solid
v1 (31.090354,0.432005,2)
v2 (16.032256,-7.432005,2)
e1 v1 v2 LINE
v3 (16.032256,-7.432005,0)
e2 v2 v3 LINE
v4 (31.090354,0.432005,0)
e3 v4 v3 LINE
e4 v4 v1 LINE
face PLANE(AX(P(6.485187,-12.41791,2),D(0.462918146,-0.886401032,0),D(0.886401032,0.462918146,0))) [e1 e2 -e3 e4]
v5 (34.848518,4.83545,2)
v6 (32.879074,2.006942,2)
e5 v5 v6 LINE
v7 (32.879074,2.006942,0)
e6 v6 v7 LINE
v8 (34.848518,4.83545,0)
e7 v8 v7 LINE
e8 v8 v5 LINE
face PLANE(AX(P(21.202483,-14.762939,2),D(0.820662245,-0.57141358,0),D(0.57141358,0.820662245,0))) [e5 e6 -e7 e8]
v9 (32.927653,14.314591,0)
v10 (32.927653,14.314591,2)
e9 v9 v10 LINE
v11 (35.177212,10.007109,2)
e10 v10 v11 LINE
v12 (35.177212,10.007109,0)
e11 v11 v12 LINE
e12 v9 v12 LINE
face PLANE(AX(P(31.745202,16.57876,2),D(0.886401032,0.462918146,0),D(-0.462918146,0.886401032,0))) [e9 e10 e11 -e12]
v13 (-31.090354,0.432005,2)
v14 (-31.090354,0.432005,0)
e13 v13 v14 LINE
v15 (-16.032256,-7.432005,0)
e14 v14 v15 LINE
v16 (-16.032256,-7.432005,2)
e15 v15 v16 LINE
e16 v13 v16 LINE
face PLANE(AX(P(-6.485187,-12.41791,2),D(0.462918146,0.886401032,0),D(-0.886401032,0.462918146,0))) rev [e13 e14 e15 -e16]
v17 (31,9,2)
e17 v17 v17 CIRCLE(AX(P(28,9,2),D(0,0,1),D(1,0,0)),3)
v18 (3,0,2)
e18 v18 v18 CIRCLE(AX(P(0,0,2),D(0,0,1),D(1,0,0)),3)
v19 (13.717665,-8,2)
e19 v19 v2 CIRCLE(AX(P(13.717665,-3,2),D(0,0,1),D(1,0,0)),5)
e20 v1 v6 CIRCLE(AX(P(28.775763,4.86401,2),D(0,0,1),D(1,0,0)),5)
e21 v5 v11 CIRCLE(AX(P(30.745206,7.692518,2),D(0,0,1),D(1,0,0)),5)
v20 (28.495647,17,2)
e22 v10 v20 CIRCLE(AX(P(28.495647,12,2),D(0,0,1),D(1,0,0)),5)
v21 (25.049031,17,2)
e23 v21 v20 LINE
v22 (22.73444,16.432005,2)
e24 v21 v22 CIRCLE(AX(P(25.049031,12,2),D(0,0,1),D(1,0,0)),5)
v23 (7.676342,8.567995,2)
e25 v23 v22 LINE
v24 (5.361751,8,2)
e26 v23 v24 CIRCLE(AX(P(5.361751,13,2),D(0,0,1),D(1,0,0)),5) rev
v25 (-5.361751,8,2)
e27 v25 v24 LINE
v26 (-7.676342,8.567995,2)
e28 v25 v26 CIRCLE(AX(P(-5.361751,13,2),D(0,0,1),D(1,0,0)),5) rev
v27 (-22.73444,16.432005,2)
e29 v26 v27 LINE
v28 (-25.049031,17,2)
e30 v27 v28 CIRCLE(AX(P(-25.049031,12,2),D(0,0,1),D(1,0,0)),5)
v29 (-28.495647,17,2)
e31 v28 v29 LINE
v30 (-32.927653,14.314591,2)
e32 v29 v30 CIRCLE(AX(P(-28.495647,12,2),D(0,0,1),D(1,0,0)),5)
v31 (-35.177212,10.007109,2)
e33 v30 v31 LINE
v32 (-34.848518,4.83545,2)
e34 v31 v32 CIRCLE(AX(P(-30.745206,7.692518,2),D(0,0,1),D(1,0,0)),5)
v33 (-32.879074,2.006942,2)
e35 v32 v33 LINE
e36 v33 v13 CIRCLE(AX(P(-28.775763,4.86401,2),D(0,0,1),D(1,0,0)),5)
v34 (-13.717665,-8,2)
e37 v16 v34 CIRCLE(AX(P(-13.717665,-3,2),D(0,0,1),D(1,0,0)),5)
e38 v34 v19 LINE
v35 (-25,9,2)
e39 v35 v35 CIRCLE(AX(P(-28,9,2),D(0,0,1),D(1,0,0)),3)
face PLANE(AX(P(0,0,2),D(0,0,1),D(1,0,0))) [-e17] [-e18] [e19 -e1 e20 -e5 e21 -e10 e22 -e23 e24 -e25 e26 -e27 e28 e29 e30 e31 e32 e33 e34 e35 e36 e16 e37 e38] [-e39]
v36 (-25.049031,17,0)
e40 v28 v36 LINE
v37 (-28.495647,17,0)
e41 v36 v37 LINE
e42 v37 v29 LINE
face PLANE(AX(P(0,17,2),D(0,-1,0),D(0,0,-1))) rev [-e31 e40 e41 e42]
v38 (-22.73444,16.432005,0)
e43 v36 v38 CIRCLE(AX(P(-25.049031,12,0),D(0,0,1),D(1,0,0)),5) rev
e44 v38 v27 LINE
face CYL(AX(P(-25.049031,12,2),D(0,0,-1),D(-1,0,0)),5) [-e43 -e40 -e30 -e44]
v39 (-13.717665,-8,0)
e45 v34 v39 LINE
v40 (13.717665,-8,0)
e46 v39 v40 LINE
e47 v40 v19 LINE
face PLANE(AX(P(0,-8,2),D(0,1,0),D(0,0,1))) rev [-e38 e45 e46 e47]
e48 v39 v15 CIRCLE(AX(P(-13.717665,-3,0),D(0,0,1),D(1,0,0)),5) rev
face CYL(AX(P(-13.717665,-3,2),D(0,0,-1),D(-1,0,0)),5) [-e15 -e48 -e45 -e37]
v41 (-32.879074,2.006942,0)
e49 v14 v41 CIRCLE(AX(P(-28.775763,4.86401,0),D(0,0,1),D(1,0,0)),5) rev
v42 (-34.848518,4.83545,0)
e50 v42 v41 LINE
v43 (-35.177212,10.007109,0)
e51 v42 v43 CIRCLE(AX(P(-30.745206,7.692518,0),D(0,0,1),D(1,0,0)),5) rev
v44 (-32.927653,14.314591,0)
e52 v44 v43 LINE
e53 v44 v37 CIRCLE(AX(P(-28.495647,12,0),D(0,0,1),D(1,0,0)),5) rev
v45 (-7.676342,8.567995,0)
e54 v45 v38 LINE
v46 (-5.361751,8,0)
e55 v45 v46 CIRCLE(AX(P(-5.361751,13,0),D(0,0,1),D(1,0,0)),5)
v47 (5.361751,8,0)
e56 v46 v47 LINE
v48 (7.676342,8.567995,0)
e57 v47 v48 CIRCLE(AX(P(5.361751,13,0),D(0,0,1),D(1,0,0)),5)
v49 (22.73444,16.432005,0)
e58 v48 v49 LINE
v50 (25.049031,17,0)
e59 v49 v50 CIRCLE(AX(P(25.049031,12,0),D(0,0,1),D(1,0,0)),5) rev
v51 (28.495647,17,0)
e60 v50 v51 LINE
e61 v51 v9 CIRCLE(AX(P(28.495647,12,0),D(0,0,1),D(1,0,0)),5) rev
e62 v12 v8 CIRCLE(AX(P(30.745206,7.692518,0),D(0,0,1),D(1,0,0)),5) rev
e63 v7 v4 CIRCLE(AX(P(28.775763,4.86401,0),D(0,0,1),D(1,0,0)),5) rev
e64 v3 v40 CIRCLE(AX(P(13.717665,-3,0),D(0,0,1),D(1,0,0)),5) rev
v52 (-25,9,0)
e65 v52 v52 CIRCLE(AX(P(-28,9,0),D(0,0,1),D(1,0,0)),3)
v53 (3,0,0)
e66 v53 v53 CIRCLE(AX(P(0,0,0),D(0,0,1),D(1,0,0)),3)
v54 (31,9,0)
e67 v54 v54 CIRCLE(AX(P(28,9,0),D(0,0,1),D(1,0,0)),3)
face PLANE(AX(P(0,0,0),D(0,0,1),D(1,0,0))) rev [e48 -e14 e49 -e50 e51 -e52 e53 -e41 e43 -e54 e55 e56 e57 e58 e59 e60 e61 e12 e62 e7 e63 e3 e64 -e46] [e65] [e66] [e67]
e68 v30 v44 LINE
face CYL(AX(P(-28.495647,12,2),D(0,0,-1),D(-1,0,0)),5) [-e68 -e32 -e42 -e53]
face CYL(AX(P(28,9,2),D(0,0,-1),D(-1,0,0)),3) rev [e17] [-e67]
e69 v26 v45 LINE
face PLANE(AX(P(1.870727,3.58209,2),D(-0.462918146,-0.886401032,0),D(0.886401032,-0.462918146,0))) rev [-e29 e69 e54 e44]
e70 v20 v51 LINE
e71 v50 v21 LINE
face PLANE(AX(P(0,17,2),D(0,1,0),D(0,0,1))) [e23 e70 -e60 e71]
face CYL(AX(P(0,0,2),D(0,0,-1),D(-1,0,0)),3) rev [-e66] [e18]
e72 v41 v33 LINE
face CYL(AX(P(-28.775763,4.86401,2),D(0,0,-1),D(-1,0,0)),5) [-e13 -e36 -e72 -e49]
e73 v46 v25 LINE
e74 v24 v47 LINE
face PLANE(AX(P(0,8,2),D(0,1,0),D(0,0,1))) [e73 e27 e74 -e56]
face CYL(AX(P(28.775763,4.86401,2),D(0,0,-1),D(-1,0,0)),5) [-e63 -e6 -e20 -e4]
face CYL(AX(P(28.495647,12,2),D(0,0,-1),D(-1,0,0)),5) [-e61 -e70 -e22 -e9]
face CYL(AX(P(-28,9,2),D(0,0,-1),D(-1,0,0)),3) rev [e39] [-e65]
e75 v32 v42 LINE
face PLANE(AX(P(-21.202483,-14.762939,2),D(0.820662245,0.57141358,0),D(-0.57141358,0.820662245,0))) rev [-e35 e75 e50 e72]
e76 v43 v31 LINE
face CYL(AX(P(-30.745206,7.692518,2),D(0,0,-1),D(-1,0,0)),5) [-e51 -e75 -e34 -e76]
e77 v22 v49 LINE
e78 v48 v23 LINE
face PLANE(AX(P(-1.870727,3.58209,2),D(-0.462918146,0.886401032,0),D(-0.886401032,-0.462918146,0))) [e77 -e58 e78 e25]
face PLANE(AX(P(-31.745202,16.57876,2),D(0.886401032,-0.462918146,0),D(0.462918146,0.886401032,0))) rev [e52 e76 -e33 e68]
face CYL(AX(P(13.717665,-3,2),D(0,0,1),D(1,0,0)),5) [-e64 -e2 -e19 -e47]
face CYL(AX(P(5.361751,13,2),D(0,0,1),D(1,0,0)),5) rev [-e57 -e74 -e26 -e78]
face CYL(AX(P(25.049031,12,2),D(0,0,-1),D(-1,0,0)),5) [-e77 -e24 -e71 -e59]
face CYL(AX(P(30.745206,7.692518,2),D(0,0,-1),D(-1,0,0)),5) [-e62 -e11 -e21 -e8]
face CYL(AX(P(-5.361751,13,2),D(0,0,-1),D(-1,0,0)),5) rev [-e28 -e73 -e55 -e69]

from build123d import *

# Parameters (mm, degrees)
SZKIC1_R                    = 3
DODANIE_WYCI_GNI_CIE1_DEPTH = 2
ZAOKR_GLENIE2_R             = 5


with BuildPart() as part:
    # Szkic1 → Dodanie-wyciągnięcie1 (new body)
    with BuildSketch(Plane.XY):
        Polygon((-6.588738933, 8), (6.588738933, 8), (23.822043257, 17), (31.525212111, 17), (36.579652034, 7.321699847), (32.177956743, 1), (14.944652418, -8), (-14.944652418, -8), (-32.177956743, 1), (-36.579652034, 7.321699847), (-31.525212111, 17), (-23.822043257, 17), align=None)
        Circle(SZKIC1_R, mode=Mode.SUBTRACT)
        with Locations((28, 9)):
            Circle(SZKIC1_R, mode=Mode.SUBTRACT)
        with Locations((-28, 9)):
            Circle(SZKIC1_R, mode=Mode.SUBTRACT)
    extrude(amount=DODANIE_WYCI_GNI_CIE1_DEPTH)

    # Zaokrąglenie2
    zaokr_glenie2_edges = [part.edges().sort_by_distance(p)[0] for p in [
        (6.588738933, 8, 1),
        (23.822043257, 17, 1),
        (31.525212111, 17, 1),
        (36.579652034, 7.321699847, 1),
        (32.177956743, 1, 1),
        (14.944652418, -8, 1),
        (-14.944652418, -8, 1),
        (-32.177956743, 1, 1),
        (-36.579652034, 7.321699847, 1),
        (-31.525212111, 17, 1),
        (-23.822043257, 17, 1),
        (-6.588738933, 8, 1),
    ]]
    fillet(zaokr_glenie2_edges, radius=ZAOKR_GLENIE2_R)


solid = part.part
